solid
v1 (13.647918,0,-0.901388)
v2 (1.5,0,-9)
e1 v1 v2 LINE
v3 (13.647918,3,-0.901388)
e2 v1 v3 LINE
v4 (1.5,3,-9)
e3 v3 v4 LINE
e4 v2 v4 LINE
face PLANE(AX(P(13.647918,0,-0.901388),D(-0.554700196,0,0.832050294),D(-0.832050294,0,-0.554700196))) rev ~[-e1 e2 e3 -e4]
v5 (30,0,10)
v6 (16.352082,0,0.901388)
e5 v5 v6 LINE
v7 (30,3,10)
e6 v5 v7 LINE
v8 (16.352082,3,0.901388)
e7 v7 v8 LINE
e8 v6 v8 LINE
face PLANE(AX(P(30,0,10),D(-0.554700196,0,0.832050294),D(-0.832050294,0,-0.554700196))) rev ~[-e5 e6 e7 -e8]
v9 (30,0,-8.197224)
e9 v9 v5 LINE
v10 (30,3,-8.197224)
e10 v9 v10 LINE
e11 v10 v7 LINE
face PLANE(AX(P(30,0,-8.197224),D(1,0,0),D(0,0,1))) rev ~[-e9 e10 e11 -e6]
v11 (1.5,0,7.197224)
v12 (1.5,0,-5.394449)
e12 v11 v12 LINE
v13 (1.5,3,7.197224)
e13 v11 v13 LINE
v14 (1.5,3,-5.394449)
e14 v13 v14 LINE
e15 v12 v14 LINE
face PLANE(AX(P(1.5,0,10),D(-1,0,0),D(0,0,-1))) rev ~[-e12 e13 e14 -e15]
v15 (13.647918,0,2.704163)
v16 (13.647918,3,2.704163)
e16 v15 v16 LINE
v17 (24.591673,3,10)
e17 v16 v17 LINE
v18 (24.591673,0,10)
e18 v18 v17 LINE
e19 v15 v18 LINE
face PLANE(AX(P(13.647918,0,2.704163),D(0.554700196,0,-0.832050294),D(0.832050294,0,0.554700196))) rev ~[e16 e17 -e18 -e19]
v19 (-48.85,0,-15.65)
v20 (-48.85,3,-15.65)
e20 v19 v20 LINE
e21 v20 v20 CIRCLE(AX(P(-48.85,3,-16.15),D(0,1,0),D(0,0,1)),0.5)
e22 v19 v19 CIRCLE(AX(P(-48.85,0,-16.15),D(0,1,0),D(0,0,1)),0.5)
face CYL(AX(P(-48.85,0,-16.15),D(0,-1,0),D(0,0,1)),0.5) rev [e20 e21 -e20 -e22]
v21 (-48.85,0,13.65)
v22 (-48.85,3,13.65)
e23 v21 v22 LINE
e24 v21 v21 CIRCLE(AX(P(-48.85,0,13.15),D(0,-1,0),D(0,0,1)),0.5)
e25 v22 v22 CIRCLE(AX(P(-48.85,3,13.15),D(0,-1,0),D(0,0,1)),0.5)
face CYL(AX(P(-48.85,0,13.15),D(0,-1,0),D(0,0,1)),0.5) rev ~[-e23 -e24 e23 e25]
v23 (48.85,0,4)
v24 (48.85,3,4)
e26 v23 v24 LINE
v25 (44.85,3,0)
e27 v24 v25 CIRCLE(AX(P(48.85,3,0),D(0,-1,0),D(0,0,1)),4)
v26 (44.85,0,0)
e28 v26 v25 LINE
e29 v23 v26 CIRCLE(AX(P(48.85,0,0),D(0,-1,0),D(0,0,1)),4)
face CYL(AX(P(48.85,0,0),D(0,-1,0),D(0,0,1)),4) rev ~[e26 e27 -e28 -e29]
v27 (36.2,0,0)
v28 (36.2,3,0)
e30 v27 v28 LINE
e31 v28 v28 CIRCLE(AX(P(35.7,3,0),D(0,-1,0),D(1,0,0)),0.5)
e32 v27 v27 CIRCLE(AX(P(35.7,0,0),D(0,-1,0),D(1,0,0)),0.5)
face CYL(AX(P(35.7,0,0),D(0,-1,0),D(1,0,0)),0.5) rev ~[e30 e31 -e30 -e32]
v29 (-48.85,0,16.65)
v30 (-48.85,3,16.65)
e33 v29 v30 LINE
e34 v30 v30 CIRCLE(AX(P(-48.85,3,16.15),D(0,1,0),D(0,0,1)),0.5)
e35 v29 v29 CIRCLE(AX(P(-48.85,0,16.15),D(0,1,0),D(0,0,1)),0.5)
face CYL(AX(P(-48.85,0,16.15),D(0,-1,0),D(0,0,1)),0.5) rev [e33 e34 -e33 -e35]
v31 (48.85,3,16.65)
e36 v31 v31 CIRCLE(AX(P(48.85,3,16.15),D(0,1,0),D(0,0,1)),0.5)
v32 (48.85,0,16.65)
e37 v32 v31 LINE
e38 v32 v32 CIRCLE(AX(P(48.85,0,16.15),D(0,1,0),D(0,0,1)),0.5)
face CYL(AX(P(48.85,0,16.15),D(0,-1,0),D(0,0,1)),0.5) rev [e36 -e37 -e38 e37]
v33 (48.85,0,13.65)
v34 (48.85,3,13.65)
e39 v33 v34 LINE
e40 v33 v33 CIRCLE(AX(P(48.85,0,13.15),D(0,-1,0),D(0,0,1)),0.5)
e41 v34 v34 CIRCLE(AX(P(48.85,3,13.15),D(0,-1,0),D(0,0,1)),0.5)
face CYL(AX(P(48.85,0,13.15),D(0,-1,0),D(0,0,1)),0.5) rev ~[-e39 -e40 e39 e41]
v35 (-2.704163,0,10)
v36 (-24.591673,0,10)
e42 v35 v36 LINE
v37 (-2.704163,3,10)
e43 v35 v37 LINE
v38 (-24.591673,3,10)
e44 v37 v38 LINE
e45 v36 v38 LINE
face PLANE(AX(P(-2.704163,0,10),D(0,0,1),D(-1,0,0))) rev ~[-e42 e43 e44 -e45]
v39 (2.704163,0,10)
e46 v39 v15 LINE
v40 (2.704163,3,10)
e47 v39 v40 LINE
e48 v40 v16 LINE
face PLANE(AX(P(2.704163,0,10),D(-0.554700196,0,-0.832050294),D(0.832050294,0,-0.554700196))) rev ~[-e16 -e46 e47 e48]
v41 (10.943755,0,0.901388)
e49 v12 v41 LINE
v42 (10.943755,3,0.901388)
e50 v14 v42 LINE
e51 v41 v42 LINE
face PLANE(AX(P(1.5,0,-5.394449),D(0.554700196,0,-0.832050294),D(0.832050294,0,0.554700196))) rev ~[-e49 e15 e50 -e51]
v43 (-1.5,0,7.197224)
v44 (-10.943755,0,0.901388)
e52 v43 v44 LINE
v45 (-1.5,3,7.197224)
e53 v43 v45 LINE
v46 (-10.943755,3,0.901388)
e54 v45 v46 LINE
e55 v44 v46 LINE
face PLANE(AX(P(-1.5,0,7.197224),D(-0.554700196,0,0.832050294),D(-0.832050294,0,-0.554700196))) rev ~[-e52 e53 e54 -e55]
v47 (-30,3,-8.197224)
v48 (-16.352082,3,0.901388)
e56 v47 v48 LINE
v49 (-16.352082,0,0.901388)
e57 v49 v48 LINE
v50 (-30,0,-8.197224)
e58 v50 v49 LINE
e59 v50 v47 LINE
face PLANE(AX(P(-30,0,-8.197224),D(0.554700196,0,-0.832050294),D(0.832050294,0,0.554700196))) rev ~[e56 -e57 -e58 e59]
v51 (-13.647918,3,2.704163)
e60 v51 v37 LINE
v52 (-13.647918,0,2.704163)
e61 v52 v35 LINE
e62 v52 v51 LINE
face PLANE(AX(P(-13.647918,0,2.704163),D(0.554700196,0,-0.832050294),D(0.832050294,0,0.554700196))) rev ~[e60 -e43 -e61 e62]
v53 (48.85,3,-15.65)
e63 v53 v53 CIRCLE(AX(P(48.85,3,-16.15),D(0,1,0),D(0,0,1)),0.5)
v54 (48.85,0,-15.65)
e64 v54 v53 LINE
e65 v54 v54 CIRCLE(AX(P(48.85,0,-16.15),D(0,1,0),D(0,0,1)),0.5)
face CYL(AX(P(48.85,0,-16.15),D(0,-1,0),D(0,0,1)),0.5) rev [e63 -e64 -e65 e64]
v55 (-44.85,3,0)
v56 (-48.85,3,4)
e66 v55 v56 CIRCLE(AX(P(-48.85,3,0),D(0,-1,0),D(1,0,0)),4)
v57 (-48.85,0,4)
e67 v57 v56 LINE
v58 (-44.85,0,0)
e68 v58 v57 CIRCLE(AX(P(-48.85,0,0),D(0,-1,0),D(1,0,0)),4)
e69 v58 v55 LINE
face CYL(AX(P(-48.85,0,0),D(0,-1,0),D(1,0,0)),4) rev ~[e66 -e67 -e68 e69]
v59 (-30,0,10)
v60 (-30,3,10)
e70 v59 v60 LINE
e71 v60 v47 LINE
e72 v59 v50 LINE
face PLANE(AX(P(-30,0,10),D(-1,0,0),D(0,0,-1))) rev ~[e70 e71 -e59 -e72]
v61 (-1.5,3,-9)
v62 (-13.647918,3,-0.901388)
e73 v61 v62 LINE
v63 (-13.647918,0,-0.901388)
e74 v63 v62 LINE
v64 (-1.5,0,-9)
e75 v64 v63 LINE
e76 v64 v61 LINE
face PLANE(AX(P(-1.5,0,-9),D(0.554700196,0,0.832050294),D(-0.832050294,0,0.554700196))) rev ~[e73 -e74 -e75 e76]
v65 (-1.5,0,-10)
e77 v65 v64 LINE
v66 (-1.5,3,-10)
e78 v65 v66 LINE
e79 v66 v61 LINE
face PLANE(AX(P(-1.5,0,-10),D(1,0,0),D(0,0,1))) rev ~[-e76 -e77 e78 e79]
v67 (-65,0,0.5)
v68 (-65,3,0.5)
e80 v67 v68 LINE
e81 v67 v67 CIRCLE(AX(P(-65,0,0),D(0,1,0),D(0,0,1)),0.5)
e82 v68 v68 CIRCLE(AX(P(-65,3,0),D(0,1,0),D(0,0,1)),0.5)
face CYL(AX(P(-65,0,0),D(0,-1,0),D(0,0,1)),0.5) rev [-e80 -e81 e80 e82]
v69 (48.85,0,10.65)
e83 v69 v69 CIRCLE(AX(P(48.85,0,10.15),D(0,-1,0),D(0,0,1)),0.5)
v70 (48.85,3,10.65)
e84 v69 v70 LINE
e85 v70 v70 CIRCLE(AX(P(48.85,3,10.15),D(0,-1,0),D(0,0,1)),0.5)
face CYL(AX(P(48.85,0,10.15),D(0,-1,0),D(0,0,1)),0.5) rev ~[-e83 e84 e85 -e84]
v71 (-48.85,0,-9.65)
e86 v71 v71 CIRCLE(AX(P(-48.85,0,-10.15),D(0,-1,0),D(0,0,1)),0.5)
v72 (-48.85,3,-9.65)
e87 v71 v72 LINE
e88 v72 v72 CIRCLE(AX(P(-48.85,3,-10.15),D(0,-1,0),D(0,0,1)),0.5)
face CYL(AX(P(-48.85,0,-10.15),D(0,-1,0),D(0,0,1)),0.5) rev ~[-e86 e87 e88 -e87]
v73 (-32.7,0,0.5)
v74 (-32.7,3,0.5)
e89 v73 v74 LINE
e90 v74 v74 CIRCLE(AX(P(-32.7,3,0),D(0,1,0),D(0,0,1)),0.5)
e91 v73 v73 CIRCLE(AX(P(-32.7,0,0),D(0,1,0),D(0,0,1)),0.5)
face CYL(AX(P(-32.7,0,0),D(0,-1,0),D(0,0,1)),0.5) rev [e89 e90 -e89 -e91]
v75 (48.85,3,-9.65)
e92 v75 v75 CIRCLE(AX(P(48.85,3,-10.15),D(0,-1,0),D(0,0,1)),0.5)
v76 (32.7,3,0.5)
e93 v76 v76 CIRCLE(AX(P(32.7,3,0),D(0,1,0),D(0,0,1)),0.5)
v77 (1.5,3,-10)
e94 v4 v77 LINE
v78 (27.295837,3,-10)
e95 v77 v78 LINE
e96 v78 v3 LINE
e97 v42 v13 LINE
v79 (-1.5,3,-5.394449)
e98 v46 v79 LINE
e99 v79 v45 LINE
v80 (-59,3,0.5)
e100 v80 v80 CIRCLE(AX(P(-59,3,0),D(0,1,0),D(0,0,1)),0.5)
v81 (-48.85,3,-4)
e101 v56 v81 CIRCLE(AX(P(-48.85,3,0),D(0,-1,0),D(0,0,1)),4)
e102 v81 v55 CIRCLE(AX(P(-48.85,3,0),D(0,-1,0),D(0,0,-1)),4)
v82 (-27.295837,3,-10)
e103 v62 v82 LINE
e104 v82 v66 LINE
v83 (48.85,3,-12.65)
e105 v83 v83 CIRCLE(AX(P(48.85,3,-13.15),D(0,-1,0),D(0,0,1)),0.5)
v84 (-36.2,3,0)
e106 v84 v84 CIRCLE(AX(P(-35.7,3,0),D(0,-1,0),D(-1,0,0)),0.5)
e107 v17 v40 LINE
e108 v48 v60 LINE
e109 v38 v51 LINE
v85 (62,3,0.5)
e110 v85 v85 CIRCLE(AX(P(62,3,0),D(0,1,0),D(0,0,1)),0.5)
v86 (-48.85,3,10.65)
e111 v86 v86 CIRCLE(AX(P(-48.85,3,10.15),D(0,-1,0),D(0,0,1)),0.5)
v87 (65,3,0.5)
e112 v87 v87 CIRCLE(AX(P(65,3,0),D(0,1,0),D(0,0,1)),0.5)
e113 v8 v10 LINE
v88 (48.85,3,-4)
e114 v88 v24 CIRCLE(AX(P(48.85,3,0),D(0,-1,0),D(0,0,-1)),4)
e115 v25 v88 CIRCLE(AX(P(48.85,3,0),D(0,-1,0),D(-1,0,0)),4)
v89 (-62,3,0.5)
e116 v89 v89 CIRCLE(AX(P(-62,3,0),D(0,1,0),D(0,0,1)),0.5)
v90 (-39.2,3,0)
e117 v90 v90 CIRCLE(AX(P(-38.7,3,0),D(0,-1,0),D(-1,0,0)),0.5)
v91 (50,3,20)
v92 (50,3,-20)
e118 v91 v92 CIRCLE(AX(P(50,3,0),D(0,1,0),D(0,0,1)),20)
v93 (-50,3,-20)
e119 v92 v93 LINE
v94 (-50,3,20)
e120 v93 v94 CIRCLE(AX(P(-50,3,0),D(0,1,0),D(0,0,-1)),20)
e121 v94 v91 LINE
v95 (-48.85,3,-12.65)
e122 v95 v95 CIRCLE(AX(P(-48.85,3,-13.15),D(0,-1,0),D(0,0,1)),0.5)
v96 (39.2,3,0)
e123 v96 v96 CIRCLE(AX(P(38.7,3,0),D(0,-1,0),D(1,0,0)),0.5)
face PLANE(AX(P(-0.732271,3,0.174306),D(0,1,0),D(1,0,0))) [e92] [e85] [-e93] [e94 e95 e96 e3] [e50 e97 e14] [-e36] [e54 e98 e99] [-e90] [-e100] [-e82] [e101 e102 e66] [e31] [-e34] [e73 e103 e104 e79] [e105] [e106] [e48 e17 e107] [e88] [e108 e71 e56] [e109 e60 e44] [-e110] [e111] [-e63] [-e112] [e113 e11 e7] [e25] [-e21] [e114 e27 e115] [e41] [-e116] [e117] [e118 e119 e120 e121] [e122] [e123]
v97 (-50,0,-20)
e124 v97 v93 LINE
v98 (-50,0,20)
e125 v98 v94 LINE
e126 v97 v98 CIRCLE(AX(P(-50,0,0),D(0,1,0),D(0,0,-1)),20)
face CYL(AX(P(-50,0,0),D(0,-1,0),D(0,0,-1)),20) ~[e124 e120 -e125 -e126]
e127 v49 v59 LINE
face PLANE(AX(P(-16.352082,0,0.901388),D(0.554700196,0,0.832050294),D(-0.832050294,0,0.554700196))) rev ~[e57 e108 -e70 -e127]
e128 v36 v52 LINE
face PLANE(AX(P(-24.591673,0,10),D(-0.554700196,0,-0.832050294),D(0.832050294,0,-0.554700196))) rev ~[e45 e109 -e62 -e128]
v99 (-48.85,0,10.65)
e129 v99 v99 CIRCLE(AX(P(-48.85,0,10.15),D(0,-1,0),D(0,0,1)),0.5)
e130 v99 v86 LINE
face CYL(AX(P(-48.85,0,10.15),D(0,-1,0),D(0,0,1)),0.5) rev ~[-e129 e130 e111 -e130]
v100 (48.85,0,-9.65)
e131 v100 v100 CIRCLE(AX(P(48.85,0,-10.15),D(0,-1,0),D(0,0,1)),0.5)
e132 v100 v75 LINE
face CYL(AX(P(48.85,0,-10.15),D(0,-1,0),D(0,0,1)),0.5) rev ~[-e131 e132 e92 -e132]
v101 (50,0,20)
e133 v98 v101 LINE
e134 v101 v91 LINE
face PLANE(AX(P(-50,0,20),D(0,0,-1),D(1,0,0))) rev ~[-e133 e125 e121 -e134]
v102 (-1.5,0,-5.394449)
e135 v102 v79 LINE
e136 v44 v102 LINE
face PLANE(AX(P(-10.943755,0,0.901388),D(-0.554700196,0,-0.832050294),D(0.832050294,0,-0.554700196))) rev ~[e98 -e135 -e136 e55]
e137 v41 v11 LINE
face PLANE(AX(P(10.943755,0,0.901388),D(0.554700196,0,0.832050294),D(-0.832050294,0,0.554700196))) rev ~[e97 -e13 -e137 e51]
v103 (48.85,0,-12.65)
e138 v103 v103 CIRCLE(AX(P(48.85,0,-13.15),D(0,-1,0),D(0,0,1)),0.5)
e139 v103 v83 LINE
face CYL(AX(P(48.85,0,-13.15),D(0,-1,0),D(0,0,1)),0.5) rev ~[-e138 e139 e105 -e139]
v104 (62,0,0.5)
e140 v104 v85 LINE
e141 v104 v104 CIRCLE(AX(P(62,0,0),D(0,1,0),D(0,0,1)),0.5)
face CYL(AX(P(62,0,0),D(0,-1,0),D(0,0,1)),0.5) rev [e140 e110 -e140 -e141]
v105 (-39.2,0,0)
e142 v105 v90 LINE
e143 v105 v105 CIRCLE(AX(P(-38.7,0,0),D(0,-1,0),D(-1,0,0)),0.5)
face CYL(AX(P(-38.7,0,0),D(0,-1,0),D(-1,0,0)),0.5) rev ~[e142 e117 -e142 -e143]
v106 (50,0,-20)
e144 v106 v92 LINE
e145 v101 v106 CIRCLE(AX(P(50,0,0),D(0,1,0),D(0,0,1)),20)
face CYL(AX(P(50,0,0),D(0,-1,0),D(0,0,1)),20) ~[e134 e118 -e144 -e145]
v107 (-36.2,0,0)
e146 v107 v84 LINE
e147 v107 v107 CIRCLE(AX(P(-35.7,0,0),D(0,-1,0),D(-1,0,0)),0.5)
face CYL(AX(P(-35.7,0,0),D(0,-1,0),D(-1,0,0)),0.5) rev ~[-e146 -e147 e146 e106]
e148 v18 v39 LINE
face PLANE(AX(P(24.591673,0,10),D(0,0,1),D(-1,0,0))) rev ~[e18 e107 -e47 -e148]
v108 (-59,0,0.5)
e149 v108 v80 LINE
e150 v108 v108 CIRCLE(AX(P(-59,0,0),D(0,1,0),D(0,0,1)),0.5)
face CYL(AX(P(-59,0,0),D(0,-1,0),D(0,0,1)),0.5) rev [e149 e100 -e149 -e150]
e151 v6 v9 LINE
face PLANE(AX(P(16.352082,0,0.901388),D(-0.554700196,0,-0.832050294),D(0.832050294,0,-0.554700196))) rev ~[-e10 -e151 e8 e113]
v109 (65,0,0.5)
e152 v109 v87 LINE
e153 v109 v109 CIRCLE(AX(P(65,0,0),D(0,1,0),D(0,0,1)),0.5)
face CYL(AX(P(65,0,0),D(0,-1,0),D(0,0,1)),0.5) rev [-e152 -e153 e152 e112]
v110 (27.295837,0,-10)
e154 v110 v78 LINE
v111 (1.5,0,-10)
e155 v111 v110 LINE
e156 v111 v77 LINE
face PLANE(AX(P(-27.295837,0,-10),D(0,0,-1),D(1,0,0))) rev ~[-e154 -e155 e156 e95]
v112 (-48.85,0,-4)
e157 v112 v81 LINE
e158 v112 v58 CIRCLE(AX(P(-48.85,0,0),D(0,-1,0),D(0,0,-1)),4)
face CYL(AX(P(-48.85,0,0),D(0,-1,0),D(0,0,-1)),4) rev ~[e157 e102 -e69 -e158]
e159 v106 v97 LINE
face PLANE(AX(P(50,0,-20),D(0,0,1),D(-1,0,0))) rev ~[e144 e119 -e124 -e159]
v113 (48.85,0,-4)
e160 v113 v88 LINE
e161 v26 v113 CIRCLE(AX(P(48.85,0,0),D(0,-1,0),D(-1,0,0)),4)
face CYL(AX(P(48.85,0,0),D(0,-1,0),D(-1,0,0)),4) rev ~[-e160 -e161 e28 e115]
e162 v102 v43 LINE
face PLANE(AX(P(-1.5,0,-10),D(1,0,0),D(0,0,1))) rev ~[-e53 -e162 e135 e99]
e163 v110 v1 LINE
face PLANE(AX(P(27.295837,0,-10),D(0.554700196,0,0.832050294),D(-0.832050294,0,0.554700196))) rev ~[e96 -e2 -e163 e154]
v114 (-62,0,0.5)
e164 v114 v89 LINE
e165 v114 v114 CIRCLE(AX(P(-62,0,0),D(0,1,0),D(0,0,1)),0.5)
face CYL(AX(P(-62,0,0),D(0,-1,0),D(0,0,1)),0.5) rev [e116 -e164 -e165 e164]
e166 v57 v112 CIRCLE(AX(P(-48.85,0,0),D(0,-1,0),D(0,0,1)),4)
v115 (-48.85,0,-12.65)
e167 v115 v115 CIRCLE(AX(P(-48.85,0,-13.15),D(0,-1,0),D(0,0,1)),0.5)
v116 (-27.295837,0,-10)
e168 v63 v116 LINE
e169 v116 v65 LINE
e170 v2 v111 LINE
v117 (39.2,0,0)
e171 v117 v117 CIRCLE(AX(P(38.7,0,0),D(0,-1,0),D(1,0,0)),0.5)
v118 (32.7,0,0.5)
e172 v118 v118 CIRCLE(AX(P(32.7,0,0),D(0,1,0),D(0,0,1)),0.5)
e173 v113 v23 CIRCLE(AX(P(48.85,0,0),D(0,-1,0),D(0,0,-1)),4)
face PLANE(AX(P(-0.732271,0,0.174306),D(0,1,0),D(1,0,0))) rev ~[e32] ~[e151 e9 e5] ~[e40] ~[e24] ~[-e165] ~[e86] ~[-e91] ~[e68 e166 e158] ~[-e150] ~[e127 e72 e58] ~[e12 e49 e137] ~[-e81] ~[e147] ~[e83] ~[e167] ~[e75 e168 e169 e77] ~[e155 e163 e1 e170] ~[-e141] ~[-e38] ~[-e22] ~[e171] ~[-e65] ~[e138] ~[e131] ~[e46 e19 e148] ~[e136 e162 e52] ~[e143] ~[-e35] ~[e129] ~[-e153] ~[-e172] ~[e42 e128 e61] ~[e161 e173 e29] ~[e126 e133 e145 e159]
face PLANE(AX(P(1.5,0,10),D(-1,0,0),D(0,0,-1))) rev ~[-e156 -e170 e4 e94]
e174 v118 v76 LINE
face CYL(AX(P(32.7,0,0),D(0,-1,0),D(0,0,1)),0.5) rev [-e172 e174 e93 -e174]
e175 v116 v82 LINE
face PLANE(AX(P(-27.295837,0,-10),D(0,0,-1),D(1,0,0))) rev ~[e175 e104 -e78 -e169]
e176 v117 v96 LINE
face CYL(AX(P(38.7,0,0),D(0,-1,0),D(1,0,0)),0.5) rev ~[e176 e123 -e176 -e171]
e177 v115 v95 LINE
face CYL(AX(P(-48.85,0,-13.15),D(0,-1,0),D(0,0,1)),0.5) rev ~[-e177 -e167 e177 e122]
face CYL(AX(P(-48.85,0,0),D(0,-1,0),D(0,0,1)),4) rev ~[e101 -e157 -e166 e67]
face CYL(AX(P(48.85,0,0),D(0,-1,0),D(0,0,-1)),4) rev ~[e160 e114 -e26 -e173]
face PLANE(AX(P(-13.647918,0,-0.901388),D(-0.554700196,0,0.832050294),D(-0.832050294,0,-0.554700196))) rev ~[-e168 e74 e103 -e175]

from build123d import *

# Parameters (mm, degrees)
SKETCH1_R           = 0.5
BOSS_EXTRUDE1_DEPTH = 3
BOSS_EXTRUDE2_DEPTH = 3


with BuildPart() as part:
    # Sketch1 → Boss-Extrude1 (new body)
    with BuildSketch(Plane(origin=(0, 0, 0), x_dir=(1, 0, 0), z_dir=(0, 1, 0))):
        with BuildLine():
            Line((50, 20), (-50, 20))
            ThreePointArc((-50, 20), (-70, 0), (-50, -20))
            Line((-50, -20), (50, -20))
            ThreePointArc((50, -20), (70, 0), (50, 20))
        make_face()
        with Locations(Location((-48.85, -16.15, 0), (0, 0, 270))):
            Circle(SKETCH1_R, mode=Mode.SUBTRACT)
        with BuildLine():
            ThreePointArc((-48.85, -12.65), (-48.35, -13.15), (-48.85, -13.65))
            ThreePointArc((-48.85, -13.65), (-49.35, -13.15), (-48.85, -12.65))
        make_face(mode=Mode.SUBTRACT)
        with BuildLine():
            ThreePointArc((-48.85, -9.65), (-48.35, -10.15), (-48.85, -10.65))
            ThreePointArc((-48.85, -10.65), (-49.35, -10.15), (-48.85, -9.65))
        make_face(mode=Mode.SUBTRACT)
        Polygon((-30, -10), (-30, 8.197224362), (-16.352081728, -0.901387819), align=None, mode=Mode.SUBTRACT)
        Polygon((-2.704163457, -10), (-24.591673087, -10), (-13.647918272, -2.704163457), align=None, mode=Mode.SUBTRACT)
        with Locations(Location((48.85, -16.15, 0), (0, 0, 270))):
            Circle(SKETCH1_R, mode=Mode.SUBTRACT)
        with BuildLine():
            ThreePointArc((48.85, -12.65), (49.35, -13.15), (48.85, -13.65))
            ThreePointArc((48.85, -13.65), (48.35, -13.15), (48.85, -12.65))
        make_face(mode=Mode.SUBTRACT)
        with BuildLine():
            ThreePointArc((48.85, -9.65), (49.35, -10.15), (48.85, -10.65))
            ThreePointArc((48.85, -10.65), (48.35, -10.15), (48.85, -9.65))
        make_face(mode=Mode.SUBTRACT)
        Polygon((24.591673087, -10), (2.704163457, -10), (13.647918272, -2.704163457), align=None, mode=Mode.SUBTRACT)
        Polygon((30, 8.197224362), (30, -10), (16.352081728, -0.901387819), align=None, mode=Mode.SUBTRACT)
        with Locations(Location((-65, 0, 0), (0, 0, 270))):
            Circle(SKETCH1_R, mode=Mode.SUBTRACT)
        with Locations(Location((-62, 0, 0), (0, 0, 270))):
            Circle(SKETCH1_R, mode=Mode.SUBTRACT)
        with Locations(Location((-59, 0, 0), (0, 0, 270))):
            Circle(SKETCH1_R, mode=Mode.SUBTRACT)
        with BuildLine():
            ThreePointArc((-44.85, 0), (-46.021572875, -2.828427125), (-48.85, -4))
            ThreePointArc((-48.85, -4), (-52.85, 0), (-48.85, 4))
            ThreePointArc((-48.85, 4), (-46.021572875, 2.828427125), (-44.85, 0))
        make_face(mode=Mode.SUBTRACT)
        with BuildLine():
            ThreePointArc((-38.2, 0), (-38.7, -0.5), (-39.2, 0))
            ThreePointArc((-39.2, 0), (-38.7, 0.5), (-38.2, 0))
        make_face(mode=Mode.SUBTRACT)
        with BuildLine():
            ThreePointArc((-35.2, 0), (-35.7, -0.5), (-36.2, 0))
            ThreePointArc((-36.2, 0), (-35.7, 0.5), (-35.2, 0))
        make_face(mode=Mode.SUBTRACT)
        with Locations(Location((-32.7, 0, 0), (0, 0, 270))):
            Circle(SKETCH1_R, mode=Mode.SUBTRACT)
        with BuildLine():
            ThreePointArc((-48.85, 10.65), (-48.35, 10.15), (-48.85, 9.65))
            ThreePointArc((-48.85, 9.65), (-49.35, 10.15), (-48.85, 10.65))
        make_face(mode=Mode.SUBTRACT)
        with BuildLine():
            ThreePointArc((-48.85, 13.65), (-48.35, 13.15), (-48.85, 12.65))
            ThreePointArc((-48.85, 12.65), (-49.35, 13.15), (-48.85, 13.65))
        make_face(mode=Mode.SUBTRACT)
        with Locations(Location((-48.85, 16.15, 0), (0, 0, 270))):
            Circle(SKETCH1_R, mode=Mode.SUBTRACT)
        Polygon((-27.295836543, 10), (27.295836543, 10), (13.647918272, 0.901387819), (1.5, 9), (1.5, 5.394448725), (10.943754815, -0.901387819), (1.5, -7.197224362), (1.5, -10), (-1.5, -10), (-1.5, -7.197224362), (-10.943754815, -0.901387819), (-1.5, 5.394448725), (-1.5, 9), (-13.647918272, 0.901387819), align=None, mode=Mode.SUBTRACT)
        with Locations(Location((32.7, 0, 0), (0, 0, 270))):
            Circle(SKETCH1_R, mode=Mode.SUBTRACT)
        with BuildLine():
            ThreePointArc((35.2, 0), (35.7, 0.5), (36.2, 0))
            ThreePointArc((36.2, 0), (35.7, -0.5), (35.2, 0))
        make_face(mode=Mode.SUBTRACT)
        with BuildLine():
            ThreePointArc((38.2, 0), (38.7, 0.5), (39.2, 0))
            ThreePointArc((39.2, 0), (38.7, -0.5), (38.2, 0))
        make_face(mode=Mode.SUBTRACT)
        with BuildLine():
            ThreePointArc((48.85, 4), (52.85, 0), (48.85, -4))
            ThreePointArc((48.85, -4), (46.021572875, -2.828427125), (44.85, 0))
            ThreePointArc((44.85, 0), (46.021572875, 2.828427125), (48.85, 4))
        make_face(mode=Mode.SUBTRACT)
        with Locations(Location((62, 0, 0), (0, 0, 270))):
            Circle(SKETCH1_R, mode=Mode.SUBTRACT)
        with Locations(Location((65, 0, 0), (0, 0, 270))):
            Circle(SKETCH1_R, mode=Mode.SUBTRACT)
        with BuildLine():
            ThreePointArc((48.85, 10.65), (49.35, 10.15), (48.85, 9.65))
            ThreePointArc((48.85, 9.65), (48.35, 10.15), (48.85, 10.65))
        make_face(mode=Mode.SUBTRACT)
        with BuildLine():
            ThreePointArc((48.85, 13.65), (49.35, 13.15), (48.85, 12.65))
            ThreePointArc((48.85, 12.65), (48.35, 13.15), (48.85, 13.65))
        make_face(mode=Mode.SUBTRACT)
        with Locations(Location((48.85, 16.15, 0), (0, 0, 270))):
            Circle(SKETCH1_R, mode=Mode.SUBTRACT)
    extrude(amount=BOSS_EXTRUDE1_DEPTH)

    # Sketch1<3> → Boss-Extrude2 (add)
    with BuildSketch(Plane(origin=(0, 0, 0), x_dir=(1, 0, 0), z_dir=(0, 1, 0))):
        Polygon((0, -10), (0, 10), (-1.5, 9), (-1.5, 5.394448725), (-1.5, -7.197224362), (-1.5, -10), align=None)
        Polygon((1.5, 9), (0, 10), (0, -10), (1.5, -10), (1.5, -7.197224362), (1.5, 5.394448725), align=None)
        Polygon((1.5, 10), (0, 10), (1.5, 9), align=None)
        Polygon((-1.5, 9), (0, 10), (-1.5, 10), align=None)
    extrude(amount=BOSS_EXTRUDE2_DEPTH)


solid = part.part
